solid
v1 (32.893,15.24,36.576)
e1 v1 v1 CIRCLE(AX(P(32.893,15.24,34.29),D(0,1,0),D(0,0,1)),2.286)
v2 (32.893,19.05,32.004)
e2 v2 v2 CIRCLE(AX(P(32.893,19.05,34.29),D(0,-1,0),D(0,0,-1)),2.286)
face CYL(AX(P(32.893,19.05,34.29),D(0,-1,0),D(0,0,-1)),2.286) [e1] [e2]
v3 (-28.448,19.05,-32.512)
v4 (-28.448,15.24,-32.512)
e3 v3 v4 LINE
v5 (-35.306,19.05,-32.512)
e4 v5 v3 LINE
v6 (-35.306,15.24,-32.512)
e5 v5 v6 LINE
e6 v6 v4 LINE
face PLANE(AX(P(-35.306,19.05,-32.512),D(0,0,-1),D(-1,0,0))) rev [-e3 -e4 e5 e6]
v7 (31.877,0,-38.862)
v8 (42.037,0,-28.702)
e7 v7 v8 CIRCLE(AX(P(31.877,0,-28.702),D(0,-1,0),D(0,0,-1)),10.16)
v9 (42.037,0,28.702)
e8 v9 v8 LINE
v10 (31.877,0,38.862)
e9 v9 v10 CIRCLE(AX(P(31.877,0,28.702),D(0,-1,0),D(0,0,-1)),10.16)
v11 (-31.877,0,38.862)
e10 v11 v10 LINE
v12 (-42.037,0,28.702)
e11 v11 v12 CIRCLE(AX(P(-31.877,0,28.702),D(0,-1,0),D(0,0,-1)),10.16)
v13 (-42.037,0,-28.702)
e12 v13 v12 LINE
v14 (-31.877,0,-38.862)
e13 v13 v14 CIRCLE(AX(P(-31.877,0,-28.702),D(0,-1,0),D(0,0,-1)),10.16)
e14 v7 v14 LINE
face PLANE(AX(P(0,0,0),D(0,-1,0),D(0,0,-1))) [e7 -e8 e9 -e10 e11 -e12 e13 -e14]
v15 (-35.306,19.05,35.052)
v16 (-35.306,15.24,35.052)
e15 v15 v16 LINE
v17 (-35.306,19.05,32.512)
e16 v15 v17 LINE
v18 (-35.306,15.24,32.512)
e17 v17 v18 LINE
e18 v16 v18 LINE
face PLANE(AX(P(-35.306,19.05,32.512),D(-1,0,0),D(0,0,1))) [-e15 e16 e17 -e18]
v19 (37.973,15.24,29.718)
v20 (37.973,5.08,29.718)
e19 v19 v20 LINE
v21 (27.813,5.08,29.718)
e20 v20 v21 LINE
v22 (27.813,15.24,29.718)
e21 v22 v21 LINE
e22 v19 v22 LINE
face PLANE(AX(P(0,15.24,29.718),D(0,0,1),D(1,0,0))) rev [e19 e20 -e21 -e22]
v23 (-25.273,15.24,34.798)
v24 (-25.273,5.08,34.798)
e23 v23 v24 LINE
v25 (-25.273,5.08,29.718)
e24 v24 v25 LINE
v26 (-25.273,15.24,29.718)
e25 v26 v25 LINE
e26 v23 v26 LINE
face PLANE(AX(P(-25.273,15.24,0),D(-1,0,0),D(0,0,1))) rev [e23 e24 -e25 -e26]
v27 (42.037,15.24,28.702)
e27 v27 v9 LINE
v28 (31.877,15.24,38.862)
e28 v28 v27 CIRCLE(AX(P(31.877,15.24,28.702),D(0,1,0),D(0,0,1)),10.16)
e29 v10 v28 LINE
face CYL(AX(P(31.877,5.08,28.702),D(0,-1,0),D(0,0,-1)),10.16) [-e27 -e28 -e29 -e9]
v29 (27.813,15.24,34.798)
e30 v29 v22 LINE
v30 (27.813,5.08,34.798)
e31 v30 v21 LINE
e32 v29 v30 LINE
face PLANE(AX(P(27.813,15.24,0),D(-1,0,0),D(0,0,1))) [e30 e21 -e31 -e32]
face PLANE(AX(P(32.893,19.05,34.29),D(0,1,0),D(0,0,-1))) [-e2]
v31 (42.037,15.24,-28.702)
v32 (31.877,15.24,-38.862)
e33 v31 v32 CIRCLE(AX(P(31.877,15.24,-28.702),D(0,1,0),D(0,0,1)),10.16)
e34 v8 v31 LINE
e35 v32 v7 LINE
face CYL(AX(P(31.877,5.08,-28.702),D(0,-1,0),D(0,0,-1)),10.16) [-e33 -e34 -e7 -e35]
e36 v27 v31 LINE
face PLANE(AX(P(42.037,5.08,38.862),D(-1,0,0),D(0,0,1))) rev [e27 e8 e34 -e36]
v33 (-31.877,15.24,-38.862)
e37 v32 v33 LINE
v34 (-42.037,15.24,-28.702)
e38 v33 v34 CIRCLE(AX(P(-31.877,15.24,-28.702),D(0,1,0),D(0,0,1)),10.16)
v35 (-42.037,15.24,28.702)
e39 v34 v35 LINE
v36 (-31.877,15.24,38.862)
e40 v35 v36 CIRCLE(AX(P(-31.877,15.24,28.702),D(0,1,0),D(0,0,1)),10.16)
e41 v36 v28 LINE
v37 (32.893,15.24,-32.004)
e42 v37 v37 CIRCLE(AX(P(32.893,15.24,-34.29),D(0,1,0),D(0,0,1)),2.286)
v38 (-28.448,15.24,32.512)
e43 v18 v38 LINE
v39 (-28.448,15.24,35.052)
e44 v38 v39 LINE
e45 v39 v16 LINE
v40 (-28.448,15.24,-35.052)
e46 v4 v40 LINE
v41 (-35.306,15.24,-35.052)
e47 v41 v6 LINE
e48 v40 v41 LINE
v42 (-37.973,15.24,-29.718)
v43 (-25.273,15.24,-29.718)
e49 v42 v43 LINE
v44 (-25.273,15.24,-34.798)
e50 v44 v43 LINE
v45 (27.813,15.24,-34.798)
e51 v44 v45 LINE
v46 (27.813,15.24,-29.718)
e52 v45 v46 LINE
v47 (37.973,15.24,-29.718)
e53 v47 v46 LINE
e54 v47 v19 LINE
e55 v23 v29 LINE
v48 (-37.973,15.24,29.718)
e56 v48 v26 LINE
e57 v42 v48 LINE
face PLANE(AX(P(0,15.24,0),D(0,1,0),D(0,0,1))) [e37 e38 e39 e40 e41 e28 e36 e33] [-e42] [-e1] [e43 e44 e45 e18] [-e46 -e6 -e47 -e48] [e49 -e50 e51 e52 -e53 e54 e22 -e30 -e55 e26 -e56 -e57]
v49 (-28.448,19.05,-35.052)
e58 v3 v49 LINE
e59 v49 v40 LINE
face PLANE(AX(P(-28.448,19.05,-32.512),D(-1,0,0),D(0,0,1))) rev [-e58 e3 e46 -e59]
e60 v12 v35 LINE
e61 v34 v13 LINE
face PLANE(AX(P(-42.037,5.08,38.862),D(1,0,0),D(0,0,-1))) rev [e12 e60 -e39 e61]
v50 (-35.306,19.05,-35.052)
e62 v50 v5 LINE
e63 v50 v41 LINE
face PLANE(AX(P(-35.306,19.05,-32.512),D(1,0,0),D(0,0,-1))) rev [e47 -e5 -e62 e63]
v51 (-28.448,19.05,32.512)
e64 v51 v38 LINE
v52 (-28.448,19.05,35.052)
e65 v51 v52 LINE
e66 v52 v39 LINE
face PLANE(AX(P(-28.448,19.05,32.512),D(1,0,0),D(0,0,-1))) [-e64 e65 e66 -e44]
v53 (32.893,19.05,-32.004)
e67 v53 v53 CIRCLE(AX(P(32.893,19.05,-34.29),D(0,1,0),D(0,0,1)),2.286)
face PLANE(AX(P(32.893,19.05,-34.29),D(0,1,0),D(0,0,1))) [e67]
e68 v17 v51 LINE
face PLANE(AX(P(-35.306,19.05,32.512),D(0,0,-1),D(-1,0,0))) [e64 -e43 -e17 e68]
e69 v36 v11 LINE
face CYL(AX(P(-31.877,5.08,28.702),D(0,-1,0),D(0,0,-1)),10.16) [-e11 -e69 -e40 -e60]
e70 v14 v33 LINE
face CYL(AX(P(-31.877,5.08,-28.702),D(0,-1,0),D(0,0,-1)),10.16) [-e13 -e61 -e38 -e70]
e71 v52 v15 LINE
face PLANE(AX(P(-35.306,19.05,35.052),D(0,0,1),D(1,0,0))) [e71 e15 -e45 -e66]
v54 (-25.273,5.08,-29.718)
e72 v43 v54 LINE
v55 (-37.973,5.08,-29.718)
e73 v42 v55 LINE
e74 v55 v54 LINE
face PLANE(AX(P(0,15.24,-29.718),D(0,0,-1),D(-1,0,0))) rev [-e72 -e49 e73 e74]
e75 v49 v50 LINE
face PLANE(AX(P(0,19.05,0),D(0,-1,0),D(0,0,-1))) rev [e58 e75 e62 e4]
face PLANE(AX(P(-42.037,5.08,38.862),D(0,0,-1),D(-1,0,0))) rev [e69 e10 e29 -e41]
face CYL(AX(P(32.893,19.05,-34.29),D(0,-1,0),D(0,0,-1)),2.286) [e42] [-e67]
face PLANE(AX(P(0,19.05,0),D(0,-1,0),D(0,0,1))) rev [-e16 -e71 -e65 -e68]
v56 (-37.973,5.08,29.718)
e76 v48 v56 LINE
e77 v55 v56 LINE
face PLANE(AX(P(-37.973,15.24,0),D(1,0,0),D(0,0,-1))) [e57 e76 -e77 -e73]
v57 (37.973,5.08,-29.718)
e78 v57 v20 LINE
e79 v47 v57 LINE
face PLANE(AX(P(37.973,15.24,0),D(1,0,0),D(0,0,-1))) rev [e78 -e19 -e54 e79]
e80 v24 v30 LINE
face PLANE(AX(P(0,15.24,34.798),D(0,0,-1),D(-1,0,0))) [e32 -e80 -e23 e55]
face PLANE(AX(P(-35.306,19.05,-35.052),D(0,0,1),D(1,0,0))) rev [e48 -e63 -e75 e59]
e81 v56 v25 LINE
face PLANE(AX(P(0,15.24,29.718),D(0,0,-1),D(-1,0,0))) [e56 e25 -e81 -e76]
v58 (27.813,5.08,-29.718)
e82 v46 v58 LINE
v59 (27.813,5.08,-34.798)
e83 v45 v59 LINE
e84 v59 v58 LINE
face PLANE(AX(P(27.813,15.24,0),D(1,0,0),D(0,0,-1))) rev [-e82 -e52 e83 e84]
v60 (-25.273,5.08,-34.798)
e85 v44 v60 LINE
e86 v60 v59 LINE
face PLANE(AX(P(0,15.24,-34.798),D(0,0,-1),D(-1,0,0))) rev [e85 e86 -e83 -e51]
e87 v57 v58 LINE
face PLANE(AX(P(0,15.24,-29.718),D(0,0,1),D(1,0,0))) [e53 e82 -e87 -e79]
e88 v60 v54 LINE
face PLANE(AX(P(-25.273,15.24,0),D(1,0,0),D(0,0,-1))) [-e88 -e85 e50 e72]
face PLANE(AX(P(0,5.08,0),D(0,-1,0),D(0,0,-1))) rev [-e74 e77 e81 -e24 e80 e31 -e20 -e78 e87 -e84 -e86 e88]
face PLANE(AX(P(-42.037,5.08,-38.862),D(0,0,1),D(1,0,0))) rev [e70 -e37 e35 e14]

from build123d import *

# Parameters (mm, degrees)
SKETCH1_W           = 84.074
SKETCH1_H           = 77.724
BOSS_EXTRUDE1_DEPTH = 5.08
SKETCH2_W           = 84.074
SKETCH2_H           = 77.724
BOSS_EXTRUDE2_DEPTH = 10.16
FILLET1_R           = 10.16
SKETCH3_R           = 2.286
SKETCH3_W           = 6.858
SKETCH3_H           = 2.54
BOSS_EXTRUDE3_DEPTH = 3.81


with BuildPart() as part:
    # Sketch1 → Boss-Extrude1 (new body)
    with BuildSketch(Plane(origin=(0, 0, 0), x_dir=(1, 0, 0), z_dir=(0, 1, 0))):
        Rectangle(SKETCH1_W, SKETCH1_H)
    extrude(amount=BOSS_EXTRUDE1_DEPTH)

    # Sketch2 → Boss-Extrude2 (add)
    with BuildSketch(Plane(origin=(0, 5.08, 0), x_dir=(1, 0, 0), z_dir=(0, 1, 0))):
        Rectangle(SKETCH2_W, SKETCH2_H)
        Polygon((-37.973, -29.718), (-37.973, 29.718), (-25.273, 29.718), (-25.273, 34.798), (27.813, 34.798), (27.813, 29.718), (37.973, 29.718), (37.973, -29.718), (27.813, -29.718), (27.813, -34.798), (-25.273, -34.798), (-25.273, -29.718), align=None, mode=Mode.SUBTRACT)
    extrude(amount=BOSS_EXTRUDE2_DEPTH)

    # Fillet1
    fillet1_edges = [part.edges().sort_by_distance(p)[0] for p in [
        (42.037, 7.62, 38.862),
        (-42.037, 7.62, 38.862),
        (-42.037, 7.62, -38.862),
        (42.037, 7.62, -38.862),
    ]]
    fillet(fillet1_edges, radius=FILLET1_R)

    # Sketch3 → Boss-Extrude3 (add)
    with BuildSketch(Plane(origin=(0, 15.24, 0), x_dir=(1, 0, 0), z_dir=(0, 1, 0))):
        with Locations((32.893, 34.29)):
            Circle(SKETCH3_R)
        with Locations((-31.877, 33.782)):
            Rectangle(SKETCH3_W, SKETCH3_H)
    boss_extrude3 = extrude(amount=BOSS_EXTRUDE3_DEPTH)

    # Mirror1: Boss-Extrude3 across plane
    add(boss_extrude3.mirror(Plane.XY))


solid = part.part
